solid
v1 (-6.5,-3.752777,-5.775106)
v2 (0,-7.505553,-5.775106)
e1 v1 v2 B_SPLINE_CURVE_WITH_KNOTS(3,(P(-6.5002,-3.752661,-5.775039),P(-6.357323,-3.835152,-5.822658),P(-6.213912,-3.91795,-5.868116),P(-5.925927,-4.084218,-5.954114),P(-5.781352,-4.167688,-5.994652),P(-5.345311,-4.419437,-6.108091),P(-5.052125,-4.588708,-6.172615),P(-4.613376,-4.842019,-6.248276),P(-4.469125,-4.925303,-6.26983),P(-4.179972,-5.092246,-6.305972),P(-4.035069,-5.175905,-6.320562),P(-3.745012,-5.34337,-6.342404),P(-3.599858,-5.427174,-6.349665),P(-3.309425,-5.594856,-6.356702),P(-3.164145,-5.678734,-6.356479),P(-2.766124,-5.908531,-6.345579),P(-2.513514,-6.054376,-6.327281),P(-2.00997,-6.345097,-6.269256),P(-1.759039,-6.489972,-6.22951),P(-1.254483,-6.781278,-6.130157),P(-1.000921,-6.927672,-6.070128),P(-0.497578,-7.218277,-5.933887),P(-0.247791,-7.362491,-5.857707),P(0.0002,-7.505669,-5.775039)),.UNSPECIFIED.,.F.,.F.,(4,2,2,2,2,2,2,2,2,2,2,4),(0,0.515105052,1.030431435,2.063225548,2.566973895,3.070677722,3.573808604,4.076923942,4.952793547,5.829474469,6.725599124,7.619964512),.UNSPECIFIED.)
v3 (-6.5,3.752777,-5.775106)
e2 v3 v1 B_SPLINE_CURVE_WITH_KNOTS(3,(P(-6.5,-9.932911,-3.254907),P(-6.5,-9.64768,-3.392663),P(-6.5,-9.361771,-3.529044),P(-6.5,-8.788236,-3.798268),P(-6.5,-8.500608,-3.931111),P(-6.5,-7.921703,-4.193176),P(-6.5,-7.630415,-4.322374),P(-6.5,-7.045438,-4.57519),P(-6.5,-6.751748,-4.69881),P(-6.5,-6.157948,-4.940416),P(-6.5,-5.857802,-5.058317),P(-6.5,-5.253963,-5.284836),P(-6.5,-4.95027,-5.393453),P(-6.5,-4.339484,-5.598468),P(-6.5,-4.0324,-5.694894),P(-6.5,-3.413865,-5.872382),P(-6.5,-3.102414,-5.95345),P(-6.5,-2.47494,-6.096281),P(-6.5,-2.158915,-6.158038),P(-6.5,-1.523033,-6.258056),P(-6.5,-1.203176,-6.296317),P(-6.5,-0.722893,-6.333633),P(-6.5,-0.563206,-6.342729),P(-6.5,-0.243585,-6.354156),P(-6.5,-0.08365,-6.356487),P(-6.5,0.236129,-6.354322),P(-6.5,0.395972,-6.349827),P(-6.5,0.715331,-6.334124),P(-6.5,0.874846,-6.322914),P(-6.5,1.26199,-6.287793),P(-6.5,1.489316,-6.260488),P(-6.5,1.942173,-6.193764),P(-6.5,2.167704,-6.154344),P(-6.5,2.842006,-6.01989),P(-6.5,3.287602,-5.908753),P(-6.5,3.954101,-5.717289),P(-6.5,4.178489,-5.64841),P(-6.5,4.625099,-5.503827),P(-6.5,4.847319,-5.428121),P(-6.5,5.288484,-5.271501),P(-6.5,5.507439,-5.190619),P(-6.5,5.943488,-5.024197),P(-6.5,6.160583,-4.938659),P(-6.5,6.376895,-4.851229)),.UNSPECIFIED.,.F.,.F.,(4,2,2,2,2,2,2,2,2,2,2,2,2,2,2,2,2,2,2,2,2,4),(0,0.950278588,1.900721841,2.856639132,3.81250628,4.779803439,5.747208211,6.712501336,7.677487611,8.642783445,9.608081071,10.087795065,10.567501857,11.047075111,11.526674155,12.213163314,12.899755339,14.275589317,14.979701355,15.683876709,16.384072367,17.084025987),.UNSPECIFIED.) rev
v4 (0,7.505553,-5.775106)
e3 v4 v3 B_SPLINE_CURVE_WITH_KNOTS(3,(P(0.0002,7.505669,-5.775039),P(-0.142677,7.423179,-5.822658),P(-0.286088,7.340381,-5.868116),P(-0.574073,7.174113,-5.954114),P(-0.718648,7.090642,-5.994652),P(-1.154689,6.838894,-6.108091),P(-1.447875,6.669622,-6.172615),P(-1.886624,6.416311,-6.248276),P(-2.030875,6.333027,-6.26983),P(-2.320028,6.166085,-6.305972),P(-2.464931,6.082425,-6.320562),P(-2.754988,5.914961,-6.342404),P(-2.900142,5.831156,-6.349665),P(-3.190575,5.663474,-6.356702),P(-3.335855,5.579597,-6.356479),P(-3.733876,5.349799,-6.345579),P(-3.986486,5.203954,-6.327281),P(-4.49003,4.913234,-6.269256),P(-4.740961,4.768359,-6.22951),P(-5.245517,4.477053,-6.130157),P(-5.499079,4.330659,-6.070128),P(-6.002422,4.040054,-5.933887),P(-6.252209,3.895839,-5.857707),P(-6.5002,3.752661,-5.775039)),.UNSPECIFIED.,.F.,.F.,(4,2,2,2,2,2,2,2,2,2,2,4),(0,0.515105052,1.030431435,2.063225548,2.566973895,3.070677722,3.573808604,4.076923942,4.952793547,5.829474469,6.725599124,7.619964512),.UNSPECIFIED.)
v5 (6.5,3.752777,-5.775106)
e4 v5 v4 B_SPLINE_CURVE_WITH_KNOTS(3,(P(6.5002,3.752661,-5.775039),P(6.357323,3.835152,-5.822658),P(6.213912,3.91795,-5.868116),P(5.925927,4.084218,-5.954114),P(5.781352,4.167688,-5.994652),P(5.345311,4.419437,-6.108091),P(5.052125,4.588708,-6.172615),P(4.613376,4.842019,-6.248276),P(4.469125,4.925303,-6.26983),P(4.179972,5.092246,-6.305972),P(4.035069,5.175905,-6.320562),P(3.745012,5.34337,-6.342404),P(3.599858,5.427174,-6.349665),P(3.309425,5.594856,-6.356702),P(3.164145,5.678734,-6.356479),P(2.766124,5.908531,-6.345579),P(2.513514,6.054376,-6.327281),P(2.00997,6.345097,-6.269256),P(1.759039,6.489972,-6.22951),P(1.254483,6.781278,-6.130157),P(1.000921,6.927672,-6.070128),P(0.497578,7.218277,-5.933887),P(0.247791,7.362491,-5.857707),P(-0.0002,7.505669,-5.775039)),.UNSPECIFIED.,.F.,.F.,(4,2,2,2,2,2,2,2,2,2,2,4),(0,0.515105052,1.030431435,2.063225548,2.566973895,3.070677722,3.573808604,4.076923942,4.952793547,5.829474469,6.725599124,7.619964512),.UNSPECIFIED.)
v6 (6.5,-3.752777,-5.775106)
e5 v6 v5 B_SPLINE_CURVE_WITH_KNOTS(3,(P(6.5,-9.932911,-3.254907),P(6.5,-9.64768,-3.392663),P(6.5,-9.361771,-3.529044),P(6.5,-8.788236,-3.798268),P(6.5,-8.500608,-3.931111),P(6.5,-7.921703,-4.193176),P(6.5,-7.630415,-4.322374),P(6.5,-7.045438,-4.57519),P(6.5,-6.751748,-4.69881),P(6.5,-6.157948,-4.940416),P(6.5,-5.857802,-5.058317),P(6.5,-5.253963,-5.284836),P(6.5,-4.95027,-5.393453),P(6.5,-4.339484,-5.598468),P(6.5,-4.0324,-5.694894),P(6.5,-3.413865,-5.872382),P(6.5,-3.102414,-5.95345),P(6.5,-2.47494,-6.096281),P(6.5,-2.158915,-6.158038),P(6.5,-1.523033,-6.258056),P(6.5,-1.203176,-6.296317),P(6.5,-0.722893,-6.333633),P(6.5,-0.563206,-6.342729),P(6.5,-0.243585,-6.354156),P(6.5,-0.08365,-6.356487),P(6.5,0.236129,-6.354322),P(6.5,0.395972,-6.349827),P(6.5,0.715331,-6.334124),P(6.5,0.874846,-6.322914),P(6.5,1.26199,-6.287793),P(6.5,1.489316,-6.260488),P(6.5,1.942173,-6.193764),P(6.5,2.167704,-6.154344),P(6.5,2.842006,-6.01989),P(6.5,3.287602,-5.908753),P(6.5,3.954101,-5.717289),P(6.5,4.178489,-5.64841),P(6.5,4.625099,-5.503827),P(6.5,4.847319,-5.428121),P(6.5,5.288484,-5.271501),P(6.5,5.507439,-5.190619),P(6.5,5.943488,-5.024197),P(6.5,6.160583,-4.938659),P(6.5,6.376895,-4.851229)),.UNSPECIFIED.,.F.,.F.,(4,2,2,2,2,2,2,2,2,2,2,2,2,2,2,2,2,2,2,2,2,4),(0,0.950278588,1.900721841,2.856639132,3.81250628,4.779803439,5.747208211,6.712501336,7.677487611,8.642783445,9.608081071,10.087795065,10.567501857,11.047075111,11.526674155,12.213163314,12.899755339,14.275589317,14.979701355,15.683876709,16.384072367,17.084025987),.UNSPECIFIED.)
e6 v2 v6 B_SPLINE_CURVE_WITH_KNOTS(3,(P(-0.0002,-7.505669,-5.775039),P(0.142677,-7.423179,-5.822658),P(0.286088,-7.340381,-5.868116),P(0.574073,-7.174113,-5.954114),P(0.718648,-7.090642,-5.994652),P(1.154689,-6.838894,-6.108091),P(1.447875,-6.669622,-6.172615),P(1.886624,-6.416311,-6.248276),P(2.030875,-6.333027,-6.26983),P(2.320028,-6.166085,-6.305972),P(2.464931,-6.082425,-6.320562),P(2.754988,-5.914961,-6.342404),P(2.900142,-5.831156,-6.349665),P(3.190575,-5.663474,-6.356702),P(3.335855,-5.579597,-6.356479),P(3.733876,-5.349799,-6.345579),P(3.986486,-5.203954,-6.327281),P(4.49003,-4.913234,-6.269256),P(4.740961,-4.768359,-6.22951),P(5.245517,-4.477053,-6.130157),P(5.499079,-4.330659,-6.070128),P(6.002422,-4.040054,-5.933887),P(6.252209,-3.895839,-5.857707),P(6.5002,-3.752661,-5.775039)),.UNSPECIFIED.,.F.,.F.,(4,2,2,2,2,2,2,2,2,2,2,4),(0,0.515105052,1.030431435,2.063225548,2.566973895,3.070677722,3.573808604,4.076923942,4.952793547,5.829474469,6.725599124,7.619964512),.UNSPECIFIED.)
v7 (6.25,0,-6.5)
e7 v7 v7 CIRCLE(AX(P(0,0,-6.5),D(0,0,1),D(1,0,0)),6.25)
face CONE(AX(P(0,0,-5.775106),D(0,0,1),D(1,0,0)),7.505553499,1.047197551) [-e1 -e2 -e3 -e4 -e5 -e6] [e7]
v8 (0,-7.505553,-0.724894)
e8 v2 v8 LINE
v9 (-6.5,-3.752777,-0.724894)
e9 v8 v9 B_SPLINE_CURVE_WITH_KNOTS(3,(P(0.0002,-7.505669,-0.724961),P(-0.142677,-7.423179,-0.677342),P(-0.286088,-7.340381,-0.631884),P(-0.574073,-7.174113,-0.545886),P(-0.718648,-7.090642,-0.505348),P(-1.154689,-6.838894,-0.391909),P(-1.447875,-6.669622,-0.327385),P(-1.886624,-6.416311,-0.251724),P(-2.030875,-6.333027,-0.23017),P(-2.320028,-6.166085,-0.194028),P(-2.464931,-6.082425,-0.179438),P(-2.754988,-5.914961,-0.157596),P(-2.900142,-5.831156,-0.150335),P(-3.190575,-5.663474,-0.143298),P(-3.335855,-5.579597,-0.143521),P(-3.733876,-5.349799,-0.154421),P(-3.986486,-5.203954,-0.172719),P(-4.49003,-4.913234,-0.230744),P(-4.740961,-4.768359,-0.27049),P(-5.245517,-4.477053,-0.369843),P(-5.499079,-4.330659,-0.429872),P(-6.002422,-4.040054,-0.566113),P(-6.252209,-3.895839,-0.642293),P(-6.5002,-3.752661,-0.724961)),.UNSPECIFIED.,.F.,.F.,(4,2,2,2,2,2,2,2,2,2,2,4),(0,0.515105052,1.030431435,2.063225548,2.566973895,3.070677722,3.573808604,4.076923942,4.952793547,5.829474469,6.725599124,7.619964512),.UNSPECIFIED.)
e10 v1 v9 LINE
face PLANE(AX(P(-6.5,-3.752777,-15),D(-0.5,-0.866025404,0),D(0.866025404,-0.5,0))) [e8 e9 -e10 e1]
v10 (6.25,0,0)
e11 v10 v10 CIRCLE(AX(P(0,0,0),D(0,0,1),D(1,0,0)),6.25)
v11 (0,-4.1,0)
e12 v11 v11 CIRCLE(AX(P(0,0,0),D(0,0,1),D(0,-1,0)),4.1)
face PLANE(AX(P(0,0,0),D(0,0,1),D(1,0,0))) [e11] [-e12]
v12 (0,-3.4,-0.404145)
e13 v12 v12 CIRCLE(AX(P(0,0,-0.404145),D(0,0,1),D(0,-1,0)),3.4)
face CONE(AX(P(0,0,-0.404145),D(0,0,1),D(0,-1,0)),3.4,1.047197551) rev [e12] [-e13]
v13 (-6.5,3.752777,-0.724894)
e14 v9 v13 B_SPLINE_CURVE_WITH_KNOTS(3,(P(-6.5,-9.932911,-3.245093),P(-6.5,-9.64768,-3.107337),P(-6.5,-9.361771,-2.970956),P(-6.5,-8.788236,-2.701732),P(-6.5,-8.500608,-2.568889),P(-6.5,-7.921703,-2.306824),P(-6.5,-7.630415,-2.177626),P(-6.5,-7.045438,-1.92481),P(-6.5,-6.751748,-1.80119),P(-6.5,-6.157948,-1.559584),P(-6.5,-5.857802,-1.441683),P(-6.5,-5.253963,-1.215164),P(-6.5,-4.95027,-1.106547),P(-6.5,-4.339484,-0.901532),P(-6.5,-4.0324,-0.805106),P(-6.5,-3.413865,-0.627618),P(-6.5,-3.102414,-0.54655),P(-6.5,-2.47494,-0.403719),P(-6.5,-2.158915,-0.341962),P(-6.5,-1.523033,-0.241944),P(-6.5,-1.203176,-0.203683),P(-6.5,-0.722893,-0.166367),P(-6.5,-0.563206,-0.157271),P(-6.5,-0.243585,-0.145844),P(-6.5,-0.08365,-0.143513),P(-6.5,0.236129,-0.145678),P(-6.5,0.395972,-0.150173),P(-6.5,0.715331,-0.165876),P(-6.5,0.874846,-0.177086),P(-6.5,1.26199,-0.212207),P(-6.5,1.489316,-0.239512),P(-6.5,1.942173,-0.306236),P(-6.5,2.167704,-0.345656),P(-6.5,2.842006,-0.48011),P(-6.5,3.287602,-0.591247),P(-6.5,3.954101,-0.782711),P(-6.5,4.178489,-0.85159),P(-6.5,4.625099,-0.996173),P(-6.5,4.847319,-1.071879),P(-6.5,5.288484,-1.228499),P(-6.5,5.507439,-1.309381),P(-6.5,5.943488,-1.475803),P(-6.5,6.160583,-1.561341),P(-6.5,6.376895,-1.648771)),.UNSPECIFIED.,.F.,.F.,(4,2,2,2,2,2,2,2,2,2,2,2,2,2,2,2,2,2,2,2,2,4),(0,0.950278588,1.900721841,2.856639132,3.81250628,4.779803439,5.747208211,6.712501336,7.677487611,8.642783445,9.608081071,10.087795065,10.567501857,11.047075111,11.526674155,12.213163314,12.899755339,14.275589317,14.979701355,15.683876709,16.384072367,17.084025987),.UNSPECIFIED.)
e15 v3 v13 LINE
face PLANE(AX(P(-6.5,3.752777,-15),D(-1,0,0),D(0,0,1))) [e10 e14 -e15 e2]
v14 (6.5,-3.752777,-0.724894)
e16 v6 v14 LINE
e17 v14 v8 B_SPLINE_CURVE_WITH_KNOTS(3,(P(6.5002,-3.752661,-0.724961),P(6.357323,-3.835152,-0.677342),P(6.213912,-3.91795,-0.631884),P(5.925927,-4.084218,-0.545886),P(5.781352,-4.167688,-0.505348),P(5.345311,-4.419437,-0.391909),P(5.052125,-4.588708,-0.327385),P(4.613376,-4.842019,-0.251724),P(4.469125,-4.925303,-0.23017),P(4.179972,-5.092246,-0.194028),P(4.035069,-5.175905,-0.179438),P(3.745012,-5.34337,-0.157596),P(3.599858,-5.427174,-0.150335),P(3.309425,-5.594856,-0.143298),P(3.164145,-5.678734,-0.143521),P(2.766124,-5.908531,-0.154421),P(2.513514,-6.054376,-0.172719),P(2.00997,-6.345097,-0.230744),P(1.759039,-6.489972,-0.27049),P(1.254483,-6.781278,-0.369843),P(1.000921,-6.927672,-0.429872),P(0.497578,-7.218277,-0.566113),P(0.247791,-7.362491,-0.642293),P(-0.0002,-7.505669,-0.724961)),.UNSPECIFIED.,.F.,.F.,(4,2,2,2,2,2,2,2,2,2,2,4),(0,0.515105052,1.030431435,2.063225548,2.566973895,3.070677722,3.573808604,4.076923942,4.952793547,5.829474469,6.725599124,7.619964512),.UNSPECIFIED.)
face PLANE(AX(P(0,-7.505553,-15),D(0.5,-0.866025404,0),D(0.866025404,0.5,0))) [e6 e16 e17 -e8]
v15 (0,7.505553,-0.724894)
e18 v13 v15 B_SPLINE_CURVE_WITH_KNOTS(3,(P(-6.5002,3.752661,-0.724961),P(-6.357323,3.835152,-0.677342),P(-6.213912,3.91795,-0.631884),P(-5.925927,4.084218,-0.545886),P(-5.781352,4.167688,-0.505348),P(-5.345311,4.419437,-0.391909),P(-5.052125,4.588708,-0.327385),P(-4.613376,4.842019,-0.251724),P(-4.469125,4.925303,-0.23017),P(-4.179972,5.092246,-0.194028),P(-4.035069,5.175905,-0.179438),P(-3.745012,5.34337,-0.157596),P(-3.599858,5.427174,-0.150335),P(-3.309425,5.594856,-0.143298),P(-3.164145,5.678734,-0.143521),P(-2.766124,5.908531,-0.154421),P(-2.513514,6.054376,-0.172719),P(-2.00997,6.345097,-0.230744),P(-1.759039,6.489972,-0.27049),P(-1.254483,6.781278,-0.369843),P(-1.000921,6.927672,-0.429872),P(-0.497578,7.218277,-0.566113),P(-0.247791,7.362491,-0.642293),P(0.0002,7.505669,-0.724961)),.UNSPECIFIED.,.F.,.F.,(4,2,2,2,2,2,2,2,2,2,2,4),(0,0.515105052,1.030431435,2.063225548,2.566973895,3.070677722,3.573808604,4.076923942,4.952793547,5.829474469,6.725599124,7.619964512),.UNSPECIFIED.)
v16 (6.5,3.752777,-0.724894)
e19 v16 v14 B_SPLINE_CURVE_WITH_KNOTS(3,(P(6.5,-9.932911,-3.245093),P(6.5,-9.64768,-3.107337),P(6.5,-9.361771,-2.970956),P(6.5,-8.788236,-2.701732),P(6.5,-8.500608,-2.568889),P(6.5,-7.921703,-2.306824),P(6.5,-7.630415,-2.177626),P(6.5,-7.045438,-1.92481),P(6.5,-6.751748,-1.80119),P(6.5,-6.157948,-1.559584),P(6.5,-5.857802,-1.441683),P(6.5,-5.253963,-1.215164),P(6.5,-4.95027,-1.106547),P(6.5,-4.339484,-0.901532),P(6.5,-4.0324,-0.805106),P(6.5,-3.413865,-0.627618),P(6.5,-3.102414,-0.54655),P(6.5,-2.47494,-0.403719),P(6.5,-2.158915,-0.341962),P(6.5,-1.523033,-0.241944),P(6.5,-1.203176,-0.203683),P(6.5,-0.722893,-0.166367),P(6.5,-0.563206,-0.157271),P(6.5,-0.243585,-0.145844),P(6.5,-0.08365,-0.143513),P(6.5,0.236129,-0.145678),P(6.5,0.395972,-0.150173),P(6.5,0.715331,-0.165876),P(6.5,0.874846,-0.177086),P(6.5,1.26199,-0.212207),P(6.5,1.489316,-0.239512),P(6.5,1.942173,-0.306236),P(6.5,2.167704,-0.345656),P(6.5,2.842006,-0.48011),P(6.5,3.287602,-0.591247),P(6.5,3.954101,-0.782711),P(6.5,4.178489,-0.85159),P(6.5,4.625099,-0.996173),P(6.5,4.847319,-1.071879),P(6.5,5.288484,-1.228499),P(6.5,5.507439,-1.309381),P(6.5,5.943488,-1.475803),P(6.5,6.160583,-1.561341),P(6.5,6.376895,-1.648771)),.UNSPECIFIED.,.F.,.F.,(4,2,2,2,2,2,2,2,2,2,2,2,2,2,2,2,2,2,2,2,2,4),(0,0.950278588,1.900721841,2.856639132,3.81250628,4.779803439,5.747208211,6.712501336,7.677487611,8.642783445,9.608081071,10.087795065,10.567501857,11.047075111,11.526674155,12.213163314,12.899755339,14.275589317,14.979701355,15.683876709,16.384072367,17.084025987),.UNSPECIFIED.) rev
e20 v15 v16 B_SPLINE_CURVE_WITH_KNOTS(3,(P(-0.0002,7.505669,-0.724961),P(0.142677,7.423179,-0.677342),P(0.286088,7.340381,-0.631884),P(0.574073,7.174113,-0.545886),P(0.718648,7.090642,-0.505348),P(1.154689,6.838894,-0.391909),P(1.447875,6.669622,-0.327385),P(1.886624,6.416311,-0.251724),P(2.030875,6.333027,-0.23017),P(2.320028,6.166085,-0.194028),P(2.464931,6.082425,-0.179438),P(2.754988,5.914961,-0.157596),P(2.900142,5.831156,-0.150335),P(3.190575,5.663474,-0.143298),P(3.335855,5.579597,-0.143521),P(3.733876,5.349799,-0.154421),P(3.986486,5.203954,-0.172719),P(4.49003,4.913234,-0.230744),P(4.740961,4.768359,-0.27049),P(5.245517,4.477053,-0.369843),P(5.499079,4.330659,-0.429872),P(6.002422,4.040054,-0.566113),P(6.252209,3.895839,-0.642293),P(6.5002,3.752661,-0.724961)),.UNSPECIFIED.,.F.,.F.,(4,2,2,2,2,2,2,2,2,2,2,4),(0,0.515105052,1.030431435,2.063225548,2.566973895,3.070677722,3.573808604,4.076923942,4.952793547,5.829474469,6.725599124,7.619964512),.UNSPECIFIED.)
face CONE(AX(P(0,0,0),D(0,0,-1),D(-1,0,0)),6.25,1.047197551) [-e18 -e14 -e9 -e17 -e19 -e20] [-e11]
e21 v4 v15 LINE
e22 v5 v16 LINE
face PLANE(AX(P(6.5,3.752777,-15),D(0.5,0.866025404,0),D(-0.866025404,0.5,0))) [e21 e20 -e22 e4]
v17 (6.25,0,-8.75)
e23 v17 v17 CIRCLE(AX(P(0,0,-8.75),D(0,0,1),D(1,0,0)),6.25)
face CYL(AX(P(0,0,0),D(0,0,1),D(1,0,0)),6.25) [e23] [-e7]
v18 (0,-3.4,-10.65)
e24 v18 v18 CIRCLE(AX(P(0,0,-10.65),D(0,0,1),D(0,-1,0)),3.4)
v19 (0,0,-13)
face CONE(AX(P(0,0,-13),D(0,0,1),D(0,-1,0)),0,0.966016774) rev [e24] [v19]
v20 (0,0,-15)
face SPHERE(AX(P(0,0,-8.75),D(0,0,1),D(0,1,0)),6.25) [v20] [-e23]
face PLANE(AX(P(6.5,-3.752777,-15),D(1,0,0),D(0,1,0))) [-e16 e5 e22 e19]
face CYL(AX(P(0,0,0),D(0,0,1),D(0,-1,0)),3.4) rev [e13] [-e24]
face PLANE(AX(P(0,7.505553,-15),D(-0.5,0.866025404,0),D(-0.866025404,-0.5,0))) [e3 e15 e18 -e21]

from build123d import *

# Parameters (mm, degrees)
BOSS_EXTRUDE1_DEPTH = 15


with BuildPart() as part:
    # Sketch1 → Boss-Extrude1 (new body)
    with BuildSketch(Plane.XY):
        Polygon((0, 7.505553499), (-6.5, 3.75277675), (-6.5, -3.75277675), (0, -7.505553499), (6.5, -3.75277675), (6.5, 3.75277675), align=None)
    extrude(amount=-BOSS_EXTRUDE1_DEPTH)

    # Sketch2 → Cut-Revolve7 (revolve, cut)
    with BuildSketch(Plane(origin=(0, 0, 0), x_dir=(0, 0, -1), z_dir=(1, 0, 0))):
        with BuildLine():
            Line((16, 0), (15, 0))
            ThreePointArc((15, 0), (13.169417382, 4.419417382), (8.75, 6.25))
            Line((8.75, 6.25), (6.5, 6.25))
            Line((6.5, 6.25), (6.5, 30.553605498))
            Line((6.5, 30.553605498), (16, 30.553605498))
            Line((16, 30.553605498), (16, 0))
        make_face()
    revolve(axis=Axis((0, 0, 0), (0, 0, -1)), mode=Mode.SUBTRACT)

    # Sketch3 → Cut-Revolve8 (revolve, cut)
    with BuildSketch(Plane(origin=(0, 0, 0), x_dir=(0, 0, -1), z_dir=(1, 0, 0)), mode=Mode.PRIVATE) as cut_revolve8_sk:
        Polygon((5.775105849, 7.505553499), (6.5, 7.505553499), (6.5, 6.25), align=None)
        Polygon((0, 6.25), (0, 7.505553499), (0.724894151, 7.505553499), align=None)
    revolve(cut_revolve8_sk.sketch.rotate(Axis((0, 0, 0), (0, 0, -1)), 90), axis=Axis((0, 0, 0), (0, 0, -1)), mode=Mode.SUBTRACT)

    # Sketch4 → Cut-Revolve9 (revolve, cut)
    with BuildSketch(Plane(origin=(0, 0, 0), x_dir=(0, 0, -1), z_dir=(1, 0, 0)), mode=Mode.PRIVATE) as cut_revolve9_sk:
        Polygon((0, 4.1), (0.404145188, 3.4), (10.65, 3.4), (13, 0), (0, 0), align=None)
    revolve(cut_revolve9_sk.sketch.rotate(Axis((0, 0, 0), (0, 0, -1)), 180), axis=Axis((0, 0, 0), (0, 0, -1)), mode=Mode.SUBTRACT)


solid = part.part
